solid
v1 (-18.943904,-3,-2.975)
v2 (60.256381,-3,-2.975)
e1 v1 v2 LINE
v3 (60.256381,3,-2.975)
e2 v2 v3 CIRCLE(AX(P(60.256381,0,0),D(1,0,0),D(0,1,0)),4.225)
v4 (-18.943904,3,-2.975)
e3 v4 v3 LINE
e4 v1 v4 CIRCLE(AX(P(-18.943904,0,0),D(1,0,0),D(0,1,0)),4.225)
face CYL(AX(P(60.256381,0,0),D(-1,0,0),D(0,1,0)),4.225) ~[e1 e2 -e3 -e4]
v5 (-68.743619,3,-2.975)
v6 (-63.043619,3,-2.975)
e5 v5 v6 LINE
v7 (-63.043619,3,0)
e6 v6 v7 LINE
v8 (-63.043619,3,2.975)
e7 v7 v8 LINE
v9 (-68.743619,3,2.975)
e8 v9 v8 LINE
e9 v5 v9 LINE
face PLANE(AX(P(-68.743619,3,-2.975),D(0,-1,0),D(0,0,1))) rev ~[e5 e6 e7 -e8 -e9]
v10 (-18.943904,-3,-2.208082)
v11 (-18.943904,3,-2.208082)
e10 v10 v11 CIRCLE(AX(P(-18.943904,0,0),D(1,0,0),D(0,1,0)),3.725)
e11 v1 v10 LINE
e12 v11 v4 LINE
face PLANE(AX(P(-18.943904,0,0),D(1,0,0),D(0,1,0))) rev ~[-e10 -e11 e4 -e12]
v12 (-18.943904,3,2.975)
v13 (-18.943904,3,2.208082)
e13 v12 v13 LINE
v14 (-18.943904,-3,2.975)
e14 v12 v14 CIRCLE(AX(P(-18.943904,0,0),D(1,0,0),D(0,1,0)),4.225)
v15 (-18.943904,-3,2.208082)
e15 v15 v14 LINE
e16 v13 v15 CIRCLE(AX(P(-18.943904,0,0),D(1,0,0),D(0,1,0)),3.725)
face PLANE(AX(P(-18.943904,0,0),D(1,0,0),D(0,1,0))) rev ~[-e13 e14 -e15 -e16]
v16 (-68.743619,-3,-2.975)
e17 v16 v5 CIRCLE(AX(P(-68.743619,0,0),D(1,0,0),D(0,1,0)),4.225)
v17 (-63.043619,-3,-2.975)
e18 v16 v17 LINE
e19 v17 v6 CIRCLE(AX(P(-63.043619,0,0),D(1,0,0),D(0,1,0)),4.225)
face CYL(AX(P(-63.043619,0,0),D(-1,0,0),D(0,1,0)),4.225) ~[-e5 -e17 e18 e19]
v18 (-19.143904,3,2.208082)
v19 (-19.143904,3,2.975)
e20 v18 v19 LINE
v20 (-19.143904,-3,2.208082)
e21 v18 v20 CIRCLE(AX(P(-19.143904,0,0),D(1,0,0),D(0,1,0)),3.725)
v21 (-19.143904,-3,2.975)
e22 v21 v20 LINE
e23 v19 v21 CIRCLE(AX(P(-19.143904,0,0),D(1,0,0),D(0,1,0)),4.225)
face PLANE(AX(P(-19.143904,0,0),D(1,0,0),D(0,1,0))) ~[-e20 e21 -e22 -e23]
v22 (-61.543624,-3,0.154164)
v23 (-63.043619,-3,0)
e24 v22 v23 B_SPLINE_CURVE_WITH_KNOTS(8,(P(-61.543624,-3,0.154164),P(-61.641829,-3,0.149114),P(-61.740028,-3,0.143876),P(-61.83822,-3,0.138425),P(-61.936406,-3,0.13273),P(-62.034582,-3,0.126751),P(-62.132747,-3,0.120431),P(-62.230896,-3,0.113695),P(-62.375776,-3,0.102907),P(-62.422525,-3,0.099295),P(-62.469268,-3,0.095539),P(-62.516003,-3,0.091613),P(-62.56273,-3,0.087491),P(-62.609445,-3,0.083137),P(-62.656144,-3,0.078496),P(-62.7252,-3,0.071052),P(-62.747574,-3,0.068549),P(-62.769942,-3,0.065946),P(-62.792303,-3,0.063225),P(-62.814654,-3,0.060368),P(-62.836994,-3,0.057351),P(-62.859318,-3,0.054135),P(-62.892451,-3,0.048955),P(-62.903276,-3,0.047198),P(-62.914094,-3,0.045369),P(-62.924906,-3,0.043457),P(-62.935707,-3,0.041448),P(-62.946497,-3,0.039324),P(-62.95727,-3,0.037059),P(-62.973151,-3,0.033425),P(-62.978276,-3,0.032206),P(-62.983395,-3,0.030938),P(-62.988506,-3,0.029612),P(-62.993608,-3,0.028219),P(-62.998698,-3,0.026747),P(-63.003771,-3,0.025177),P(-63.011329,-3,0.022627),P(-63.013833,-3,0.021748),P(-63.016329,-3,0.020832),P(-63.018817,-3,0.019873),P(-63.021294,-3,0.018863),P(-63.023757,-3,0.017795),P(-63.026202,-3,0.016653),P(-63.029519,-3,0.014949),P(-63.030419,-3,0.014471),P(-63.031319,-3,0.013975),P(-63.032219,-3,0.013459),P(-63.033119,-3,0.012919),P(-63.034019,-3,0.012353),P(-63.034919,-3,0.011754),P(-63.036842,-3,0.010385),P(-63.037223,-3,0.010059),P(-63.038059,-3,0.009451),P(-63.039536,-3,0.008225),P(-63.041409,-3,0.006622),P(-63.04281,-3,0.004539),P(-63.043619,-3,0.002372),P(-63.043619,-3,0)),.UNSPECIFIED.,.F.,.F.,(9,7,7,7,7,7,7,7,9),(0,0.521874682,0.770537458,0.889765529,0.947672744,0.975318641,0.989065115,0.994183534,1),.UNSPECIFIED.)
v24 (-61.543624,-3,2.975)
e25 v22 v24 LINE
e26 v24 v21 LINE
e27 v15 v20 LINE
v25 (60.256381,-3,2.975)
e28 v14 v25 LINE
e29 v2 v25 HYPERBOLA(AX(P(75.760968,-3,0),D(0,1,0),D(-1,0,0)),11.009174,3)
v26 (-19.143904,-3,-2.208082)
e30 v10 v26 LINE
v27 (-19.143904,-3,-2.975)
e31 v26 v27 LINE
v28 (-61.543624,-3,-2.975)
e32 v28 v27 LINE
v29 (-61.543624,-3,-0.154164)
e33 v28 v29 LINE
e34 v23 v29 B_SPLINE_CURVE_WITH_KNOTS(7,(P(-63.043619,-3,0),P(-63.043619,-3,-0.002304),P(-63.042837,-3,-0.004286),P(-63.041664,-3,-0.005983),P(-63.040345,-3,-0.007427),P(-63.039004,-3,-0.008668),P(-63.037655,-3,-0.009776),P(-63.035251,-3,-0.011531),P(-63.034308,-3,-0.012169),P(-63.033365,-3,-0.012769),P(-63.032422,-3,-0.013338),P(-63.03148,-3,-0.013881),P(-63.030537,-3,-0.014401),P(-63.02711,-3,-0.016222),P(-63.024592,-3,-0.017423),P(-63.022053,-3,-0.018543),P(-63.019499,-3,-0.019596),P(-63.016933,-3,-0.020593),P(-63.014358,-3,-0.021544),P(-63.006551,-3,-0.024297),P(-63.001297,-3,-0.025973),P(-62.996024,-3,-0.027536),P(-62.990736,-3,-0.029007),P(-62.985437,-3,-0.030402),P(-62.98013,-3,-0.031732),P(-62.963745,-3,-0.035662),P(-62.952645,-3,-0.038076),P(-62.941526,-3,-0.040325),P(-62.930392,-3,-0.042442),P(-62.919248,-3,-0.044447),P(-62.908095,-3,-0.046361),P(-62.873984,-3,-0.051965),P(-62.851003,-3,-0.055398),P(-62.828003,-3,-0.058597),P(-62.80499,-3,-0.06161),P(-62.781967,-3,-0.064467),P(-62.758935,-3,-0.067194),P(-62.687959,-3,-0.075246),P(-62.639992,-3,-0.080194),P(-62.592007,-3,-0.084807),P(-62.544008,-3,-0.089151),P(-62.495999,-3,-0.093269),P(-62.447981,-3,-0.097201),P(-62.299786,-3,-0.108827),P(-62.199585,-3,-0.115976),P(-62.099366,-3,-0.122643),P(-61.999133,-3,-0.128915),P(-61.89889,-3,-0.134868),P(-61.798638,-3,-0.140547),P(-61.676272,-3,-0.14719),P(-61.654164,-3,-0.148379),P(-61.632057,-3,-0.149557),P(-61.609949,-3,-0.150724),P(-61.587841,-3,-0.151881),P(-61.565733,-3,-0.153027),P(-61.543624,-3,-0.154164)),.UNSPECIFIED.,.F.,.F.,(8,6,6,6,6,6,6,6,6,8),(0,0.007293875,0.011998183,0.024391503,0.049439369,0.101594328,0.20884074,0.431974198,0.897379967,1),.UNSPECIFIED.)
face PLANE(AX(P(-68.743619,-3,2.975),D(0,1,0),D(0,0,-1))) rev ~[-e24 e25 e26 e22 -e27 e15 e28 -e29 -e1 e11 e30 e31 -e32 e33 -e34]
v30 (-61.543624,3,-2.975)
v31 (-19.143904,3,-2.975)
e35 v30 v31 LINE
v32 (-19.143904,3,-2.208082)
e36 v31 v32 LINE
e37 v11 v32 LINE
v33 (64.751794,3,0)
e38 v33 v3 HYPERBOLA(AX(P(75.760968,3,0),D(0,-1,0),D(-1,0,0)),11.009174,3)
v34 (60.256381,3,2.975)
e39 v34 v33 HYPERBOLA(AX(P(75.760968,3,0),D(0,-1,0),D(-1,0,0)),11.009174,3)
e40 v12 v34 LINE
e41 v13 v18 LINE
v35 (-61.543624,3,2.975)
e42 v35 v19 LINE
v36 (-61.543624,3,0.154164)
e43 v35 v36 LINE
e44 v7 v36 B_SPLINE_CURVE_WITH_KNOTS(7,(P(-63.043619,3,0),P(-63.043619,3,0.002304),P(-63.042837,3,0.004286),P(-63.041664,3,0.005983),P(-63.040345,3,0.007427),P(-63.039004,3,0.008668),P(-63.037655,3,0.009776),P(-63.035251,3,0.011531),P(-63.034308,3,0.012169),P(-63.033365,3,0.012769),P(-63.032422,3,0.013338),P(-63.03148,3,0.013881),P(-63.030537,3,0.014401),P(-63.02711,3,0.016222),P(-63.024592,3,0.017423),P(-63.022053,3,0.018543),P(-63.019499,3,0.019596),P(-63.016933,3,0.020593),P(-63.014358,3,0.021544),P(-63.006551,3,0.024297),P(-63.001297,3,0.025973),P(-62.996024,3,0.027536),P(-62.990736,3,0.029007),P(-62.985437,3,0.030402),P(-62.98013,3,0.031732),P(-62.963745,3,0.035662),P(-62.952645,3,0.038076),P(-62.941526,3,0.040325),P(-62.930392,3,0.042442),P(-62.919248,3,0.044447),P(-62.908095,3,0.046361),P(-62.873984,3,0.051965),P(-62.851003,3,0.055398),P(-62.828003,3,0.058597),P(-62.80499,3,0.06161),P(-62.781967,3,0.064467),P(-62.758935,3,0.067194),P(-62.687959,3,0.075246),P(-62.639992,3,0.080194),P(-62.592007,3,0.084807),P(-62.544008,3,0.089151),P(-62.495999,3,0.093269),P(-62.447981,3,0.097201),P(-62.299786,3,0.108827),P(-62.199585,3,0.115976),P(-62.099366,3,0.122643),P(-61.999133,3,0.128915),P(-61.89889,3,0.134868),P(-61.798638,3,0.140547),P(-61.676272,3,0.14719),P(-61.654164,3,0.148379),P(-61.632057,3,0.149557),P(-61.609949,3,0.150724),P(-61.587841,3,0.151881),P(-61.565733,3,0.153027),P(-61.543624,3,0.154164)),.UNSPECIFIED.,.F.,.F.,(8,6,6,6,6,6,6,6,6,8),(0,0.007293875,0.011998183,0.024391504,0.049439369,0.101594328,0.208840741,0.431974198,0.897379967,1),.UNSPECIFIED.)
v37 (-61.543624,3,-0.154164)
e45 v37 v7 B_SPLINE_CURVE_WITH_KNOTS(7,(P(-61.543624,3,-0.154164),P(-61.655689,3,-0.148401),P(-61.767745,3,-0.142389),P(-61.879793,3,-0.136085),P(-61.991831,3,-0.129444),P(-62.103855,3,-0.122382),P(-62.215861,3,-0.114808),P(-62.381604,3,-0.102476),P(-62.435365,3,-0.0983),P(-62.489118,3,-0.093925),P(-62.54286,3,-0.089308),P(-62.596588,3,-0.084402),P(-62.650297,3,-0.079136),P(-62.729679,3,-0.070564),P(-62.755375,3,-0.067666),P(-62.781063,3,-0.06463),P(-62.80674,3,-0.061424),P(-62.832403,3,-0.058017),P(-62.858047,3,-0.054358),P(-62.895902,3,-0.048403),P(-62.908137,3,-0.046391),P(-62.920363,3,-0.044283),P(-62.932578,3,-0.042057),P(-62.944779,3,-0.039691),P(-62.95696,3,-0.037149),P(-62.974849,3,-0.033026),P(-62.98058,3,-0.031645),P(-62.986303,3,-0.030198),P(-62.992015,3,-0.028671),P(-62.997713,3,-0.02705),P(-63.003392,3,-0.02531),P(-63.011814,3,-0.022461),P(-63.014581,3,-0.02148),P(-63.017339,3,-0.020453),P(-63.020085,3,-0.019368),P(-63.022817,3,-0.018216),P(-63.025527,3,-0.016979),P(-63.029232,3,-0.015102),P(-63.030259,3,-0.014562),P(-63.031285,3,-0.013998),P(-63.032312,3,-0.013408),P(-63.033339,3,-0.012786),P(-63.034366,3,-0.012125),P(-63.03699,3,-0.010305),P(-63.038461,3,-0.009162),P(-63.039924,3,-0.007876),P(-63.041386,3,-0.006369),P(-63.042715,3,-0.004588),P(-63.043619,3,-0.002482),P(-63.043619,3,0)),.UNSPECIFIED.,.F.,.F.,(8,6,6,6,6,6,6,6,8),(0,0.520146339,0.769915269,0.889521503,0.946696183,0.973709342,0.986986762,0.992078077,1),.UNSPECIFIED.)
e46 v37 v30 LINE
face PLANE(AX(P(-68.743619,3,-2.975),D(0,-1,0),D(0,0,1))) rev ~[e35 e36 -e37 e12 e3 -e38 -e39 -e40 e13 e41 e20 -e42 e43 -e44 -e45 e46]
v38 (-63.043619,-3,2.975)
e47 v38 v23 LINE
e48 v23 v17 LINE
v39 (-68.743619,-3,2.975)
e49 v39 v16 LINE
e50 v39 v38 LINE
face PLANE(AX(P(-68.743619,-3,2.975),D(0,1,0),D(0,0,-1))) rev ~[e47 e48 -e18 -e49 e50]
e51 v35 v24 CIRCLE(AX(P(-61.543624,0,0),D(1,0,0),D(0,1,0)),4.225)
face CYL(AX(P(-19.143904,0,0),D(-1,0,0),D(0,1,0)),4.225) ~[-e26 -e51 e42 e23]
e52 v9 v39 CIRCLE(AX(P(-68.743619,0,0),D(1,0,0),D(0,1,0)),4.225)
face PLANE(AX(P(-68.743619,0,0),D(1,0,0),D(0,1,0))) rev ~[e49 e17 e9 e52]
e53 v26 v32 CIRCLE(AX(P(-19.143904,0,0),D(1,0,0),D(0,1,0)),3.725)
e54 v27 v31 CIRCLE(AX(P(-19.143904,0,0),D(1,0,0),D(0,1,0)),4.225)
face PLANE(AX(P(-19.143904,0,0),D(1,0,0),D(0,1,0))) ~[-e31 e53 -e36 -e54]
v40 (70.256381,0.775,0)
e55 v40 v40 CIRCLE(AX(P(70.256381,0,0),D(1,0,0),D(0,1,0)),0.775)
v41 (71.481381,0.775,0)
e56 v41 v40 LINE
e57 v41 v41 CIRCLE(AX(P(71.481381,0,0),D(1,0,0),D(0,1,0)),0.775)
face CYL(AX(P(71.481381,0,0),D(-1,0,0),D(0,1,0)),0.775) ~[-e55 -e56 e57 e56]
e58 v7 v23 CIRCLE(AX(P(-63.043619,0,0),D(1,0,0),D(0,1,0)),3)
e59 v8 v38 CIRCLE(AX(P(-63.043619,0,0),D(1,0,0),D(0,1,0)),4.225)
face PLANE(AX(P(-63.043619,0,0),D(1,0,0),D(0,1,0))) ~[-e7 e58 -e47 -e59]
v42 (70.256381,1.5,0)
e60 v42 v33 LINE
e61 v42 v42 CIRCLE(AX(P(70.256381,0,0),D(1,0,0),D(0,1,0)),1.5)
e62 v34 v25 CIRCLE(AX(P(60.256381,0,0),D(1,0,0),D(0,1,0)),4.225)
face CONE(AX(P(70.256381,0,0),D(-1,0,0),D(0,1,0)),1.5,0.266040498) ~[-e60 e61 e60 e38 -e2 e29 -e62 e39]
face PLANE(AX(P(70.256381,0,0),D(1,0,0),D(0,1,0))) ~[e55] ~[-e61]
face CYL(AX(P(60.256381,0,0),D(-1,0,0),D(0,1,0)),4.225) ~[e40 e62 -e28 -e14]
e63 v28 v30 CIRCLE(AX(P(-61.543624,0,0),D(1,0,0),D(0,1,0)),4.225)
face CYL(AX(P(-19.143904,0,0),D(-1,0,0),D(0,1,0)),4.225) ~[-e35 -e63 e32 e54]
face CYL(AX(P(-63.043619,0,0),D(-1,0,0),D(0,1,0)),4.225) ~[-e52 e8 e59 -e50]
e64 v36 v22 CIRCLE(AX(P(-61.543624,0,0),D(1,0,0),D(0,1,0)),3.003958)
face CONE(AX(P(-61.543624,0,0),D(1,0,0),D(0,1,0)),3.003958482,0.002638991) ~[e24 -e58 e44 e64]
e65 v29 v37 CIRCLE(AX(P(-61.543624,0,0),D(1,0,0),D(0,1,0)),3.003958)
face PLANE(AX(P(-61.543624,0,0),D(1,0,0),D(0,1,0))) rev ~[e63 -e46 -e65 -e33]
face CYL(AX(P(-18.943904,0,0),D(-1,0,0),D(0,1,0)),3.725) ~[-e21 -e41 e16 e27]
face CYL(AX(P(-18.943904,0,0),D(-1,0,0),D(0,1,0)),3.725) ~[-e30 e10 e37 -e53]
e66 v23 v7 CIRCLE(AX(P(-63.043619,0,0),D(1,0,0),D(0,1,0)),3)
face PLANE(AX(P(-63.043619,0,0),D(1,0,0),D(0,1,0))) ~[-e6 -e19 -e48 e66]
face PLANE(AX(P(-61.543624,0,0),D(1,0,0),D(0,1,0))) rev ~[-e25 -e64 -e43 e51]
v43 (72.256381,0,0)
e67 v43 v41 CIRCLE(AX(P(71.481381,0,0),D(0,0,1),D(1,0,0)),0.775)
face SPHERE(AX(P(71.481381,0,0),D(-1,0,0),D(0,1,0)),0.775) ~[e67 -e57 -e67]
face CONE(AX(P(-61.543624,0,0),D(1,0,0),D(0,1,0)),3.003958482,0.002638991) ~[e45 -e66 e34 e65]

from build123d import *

# Parameters (mm, degrees)
F3_DEPTH = 141.001


with BuildPart() as f1:
    # F0 (on Top) → F1 (revolve)
    with BuildSketch(Plane.XY):
        with BuildLine():
            Line((-68.743618687, 4.225), (-68.743618687, 0))
            Line((-68.743618687, 0), (70.256381313, 0))
            Line((70.256381313, 0), (72.256381313, 0))
            ThreePointArc((72.256381313, 0), (72.0293890684, 0.5480077554), (71.481381313, 0.775))
            Line((71.481381313, 0.775), (70.256381313, 0.775))
            Line((70.256381313, 0.775), (70.256381313, 1.5))
            Line((70.256381313, 1.5), (60.256381313, 4.225))
            Line((60.256381313, 4.225), (-18.9439036584, 4.225))
            Line((-18.9439036584, 4.225), (-18.9439036584, 3.725))
            Line((-18.9439036584, 3.725), (-19.1439036584, 3.725))
            Line((-19.1439036584, 3.725), (-19.1439036584, 4.225))
            Line((-19.1439036584, 4.225), (-61.5436239102, 4.225))
            Line((-61.5436239102, 4.225), (-61.5436239102, 3.003958482))
            Line((-61.5436239102, 3.003958482), (-63.043618687, 3))
            Line((-63.043618687, 3), (-63.043618687, 4.225))
            Line((-63.043618687, 4.225), (-68.743618687, 4.225))
        make_face()
    revolve(axis=Axis((0.756381313, 0, 0), (1, 0, 0)))

    # F2 (on face) → F3 (cut, through all)
    with BuildSketch(Plane(origin=(-68.743618687, 0, 0), x_dir=(0, -1, 0), z_dir=(-1, 0, 0))):
        with BuildLine():
            Line((-3, -2.975), (-3, 2.975))
            ThreePointArc((-3, 2.975), (-4.225, 0), (-3, -2.975))
        make_face()
        with BuildLine():
            ThreePointArc((4.225, 0), (3.9067649661, 1.6086679272), (3, 2.975))
            Line((3, 2.975), (3, -2.975))
            ThreePointArc((3, -2.975), (3.9067649661, -1.6086679272), (4.225, 0))
        make_face()
    extrude(amount=-F3_DEPTH, mode=Mode.SUBTRACT)


solid = f1.part
